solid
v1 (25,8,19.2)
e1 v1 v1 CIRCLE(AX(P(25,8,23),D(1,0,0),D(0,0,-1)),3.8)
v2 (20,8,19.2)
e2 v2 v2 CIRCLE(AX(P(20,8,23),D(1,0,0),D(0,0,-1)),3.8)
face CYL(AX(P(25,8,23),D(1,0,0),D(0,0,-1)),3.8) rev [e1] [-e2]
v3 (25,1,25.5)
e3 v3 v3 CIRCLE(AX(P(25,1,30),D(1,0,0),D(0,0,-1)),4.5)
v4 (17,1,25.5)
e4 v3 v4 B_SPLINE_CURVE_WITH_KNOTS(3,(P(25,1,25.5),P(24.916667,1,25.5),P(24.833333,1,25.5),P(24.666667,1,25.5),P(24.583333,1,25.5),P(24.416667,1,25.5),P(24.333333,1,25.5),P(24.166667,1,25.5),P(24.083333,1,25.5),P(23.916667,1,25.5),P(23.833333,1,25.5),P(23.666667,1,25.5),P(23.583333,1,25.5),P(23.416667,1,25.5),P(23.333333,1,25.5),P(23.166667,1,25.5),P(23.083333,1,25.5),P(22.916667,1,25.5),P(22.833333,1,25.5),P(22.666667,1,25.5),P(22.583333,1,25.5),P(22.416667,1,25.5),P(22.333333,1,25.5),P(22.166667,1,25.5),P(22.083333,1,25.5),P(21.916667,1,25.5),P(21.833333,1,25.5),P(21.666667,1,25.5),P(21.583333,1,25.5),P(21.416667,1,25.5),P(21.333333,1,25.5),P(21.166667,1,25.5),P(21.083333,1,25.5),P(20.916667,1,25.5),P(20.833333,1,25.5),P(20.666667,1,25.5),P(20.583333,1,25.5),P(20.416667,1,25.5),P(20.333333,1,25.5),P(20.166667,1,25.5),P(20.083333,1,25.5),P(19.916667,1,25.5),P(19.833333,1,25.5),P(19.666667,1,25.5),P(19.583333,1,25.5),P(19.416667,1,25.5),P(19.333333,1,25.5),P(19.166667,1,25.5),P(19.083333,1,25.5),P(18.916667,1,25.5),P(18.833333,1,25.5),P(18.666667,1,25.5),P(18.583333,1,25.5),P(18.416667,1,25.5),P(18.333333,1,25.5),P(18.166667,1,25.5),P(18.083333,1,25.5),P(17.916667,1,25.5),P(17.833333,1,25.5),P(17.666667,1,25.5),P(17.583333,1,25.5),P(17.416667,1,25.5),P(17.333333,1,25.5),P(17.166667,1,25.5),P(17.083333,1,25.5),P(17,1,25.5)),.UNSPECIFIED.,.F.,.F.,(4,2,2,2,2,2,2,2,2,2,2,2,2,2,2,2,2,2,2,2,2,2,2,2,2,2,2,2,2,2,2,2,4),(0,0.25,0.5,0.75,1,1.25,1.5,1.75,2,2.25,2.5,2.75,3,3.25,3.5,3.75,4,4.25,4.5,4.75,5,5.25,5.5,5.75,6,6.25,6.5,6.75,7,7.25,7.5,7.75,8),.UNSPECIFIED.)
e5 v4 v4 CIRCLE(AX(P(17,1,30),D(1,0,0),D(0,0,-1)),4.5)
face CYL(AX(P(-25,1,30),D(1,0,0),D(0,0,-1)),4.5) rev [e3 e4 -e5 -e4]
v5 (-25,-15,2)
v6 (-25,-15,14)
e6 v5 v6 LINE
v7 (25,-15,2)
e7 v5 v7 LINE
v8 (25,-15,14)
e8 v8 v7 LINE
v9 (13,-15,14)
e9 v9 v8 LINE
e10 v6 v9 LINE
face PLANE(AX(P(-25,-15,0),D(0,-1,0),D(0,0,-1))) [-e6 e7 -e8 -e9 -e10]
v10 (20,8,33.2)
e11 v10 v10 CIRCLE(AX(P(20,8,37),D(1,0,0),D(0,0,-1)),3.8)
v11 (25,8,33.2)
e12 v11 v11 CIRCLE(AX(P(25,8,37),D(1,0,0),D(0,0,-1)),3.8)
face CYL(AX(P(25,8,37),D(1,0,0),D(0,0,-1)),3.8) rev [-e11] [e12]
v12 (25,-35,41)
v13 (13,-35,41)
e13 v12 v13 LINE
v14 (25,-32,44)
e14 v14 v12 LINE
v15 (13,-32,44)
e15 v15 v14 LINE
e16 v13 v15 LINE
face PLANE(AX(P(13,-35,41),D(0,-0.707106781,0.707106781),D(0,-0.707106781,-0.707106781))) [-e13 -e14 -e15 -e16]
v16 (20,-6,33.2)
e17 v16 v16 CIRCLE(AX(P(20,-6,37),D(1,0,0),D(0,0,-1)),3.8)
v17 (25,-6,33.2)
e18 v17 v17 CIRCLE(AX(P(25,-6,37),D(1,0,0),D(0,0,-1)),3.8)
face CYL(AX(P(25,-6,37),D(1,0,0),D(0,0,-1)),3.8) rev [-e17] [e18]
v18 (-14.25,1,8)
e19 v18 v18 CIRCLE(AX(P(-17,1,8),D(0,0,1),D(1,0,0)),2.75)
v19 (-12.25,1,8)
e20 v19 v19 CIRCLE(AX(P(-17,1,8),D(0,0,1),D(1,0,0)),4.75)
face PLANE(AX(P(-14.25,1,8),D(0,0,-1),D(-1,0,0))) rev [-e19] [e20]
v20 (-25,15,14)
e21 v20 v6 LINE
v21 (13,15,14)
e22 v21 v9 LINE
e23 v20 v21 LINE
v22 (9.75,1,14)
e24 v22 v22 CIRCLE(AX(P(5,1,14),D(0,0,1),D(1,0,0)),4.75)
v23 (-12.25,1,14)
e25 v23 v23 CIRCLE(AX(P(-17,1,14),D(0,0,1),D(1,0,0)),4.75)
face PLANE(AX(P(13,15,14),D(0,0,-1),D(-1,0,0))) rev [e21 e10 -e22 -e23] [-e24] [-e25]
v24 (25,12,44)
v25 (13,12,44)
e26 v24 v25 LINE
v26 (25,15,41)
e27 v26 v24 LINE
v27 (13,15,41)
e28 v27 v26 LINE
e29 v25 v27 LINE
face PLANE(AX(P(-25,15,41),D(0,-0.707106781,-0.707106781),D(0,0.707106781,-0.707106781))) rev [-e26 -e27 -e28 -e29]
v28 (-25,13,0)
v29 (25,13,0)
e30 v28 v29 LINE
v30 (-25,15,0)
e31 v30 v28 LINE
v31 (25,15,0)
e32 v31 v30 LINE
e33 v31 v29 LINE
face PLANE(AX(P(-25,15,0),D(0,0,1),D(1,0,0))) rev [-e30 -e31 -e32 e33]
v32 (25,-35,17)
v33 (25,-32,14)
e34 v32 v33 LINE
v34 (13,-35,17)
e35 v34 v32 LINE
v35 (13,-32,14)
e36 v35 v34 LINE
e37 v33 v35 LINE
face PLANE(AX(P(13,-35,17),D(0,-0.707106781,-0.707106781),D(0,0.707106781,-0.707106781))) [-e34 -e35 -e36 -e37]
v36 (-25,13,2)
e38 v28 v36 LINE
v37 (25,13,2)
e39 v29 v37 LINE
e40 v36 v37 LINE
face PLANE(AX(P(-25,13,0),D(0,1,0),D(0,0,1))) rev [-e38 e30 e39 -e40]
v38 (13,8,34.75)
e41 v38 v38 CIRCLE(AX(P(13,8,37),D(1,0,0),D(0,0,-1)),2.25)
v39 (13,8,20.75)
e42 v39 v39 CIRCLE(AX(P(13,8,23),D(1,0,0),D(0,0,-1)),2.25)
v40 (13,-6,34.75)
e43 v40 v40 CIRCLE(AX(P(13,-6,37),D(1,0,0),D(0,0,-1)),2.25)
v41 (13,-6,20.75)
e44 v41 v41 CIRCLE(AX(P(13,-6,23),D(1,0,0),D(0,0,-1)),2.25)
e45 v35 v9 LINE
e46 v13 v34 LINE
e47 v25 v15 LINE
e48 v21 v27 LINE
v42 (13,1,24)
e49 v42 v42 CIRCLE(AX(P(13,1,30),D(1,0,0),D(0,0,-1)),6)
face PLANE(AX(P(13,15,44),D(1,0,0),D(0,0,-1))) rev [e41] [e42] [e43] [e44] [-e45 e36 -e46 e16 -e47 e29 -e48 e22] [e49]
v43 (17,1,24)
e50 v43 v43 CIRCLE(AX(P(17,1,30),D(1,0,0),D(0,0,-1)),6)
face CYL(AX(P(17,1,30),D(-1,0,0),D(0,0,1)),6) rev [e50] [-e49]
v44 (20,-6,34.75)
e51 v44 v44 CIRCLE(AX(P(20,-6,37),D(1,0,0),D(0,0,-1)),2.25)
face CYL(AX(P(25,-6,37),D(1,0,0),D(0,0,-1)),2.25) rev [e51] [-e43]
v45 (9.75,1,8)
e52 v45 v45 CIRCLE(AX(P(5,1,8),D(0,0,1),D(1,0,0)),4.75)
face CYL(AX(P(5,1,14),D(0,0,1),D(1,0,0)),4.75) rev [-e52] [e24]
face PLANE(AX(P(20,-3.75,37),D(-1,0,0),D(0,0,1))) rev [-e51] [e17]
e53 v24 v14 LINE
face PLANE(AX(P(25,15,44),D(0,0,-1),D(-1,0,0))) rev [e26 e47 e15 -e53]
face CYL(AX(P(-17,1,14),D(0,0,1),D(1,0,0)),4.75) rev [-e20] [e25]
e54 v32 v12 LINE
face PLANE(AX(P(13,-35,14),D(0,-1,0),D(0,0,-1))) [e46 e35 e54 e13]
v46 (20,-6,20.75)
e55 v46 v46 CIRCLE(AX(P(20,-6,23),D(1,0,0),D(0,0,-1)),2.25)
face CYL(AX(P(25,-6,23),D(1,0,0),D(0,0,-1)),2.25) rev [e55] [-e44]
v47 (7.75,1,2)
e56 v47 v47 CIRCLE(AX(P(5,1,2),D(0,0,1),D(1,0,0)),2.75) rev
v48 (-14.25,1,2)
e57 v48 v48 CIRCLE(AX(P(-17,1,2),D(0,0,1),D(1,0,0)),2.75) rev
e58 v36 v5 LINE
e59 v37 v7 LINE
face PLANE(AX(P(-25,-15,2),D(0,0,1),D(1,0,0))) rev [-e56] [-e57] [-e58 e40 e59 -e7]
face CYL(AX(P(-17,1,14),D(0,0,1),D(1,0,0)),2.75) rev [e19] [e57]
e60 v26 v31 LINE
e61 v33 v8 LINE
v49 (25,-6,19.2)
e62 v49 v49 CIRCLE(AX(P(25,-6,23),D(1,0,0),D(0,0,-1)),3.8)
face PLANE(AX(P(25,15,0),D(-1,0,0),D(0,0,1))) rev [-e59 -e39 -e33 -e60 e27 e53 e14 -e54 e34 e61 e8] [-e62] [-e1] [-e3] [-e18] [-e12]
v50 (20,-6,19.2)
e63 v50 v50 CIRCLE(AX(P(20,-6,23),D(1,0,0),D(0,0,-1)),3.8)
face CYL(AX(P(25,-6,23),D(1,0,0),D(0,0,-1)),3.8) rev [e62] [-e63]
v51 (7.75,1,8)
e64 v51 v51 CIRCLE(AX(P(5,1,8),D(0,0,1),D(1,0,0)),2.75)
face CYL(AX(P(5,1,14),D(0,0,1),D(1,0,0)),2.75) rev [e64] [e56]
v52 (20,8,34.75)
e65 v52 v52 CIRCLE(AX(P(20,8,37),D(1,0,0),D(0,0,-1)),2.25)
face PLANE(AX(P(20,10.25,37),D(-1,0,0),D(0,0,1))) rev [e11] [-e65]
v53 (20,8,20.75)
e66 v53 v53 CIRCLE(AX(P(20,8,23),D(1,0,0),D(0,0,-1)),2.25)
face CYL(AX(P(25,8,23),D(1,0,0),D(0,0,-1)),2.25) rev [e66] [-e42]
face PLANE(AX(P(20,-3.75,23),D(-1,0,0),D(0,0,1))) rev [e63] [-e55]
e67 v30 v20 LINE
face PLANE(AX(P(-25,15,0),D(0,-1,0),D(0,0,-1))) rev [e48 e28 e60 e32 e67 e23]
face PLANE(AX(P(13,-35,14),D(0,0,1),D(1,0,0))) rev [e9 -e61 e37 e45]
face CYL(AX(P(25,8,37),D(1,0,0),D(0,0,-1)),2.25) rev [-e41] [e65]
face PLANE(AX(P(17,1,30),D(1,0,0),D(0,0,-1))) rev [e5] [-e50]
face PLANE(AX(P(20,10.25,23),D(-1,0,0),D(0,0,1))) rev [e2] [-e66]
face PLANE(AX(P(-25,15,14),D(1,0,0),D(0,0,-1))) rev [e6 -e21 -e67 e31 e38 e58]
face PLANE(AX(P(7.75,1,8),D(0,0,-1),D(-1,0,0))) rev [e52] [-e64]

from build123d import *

# Parameters (mm, degrees)
EXTRUDE_1_DEPTH           = 15
SKETCH_2_R                = 6
CUT_EXTRUDE_1_DEPTH       = 4
SKETCH_3_R                = 4.5
CUT_EXTRUDE_2_DEPTH       = 69.271516755
HOLE_WIZARD_1_D           = 4.5
HOLE_WIZARD_1_DEPTH       = 100
HOLE_WIZARD_1_CBORE_D     = 7.6
HOLE_WIZARD_1_CBORE_DEPTH = 5
HOLE_WIZARD_2_D           = 5.5
HOLE_WIZARD_2_DEPTH       = 100
HOLE_WIZARD_2_CBORE_D     = 9.5
HOLE_WIZARD_2_CBORE_DEPTH = 6
SKETCH_8_W                = 12
SKETCH_8_H                = 30
EXTRUDE_2_DEPTH           = 20
CHAMFER_1_SIZE            = 3
SKETCH_10_W               = 2
SKETCH_10_H               = 28
CUT_EXTRUDE_4_DEPTH       = 76.239617224


with BuildPart() as part:
    # 草图1 → 凸台-拉伸1 (new, symmetric)
    with BuildSketch(Plane(origin=(0, 0, 0), x_dir=(1, 0, 0), z_dir=(0, 1, 0))):
        Polygon((-25, 0), (25, 0), (25, -44), (13, -44), (13, -14), (-25, -14), align=None)
    extrude(amount=EXTRUDE_1_DEPTH, both=True)

    # 草图2 → 切除-拉伸1 (cut)
    with BuildSketch(Plane(origin=(13, 0, 0), x_dir=(0, 0, -1), z_dir=(1, 0, 0))):
        with Locations((-30, 1)):
            Circle(SKETCH_2_R)
    extrude(amount=CUT_EXTRUDE_1_DEPTH, mode=Mode.SUBTRACT)

    # 草图3 → 切除-拉伸2 (cut, through all)
    with BuildSketch(Plane(origin=(25, 0, 0), x_dir=(0, 0, -1), z_dir=(1, 0, 0))):
        with Locations((-30, 1)):
            Circle(SKETCH_3_R)
    extrude(amount=-CUT_EXTRUDE_2_DEPTH, mode=Mode.SUBTRACT)

    # 孔1
    with Locations(Plane(origin=(25, 11.754948617, 2.830371217), x_dir=(0, 0, -1), z_dir=(1, 0, 0))):
        with Locations((-20.169628783, -3.754948617), (-34.169628783, -3.754948617), (-20.169628783, -17.754948617), (-34.169628783, -17.754948617)):
            CounterBoreHole(HOLE_WIZARD_1_D / 2, HOLE_WIZARD_1_CBORE_D / 2, HOLE_WIZARD_1_CBORE_DEPTH, depth=HOLE_WIZARD_1_DEPTH)

    # 孔2
    with Locations(Plane(origin=(-5.053295234, -5.294643146, 14), x_dir=(1, 0, 0), z_dir=(0, 0, 1))):
        with Locations((10.053295234, 6.294643146), (-11.946704766, 6.294643146)):
            CounterBoreHole(HOLE_WIZARD_2_D / 2, HOLE_WIZARD_2_CBORE_D / 2, HOLE_WIZARD_2_CBORE_DEPTH, depth=HOLE_WIZARD_2_DEPTH)

    # 草图8 → 凸台-拉伸2 (add)
    with BuildSketch(Plane.XZ.offset(15)):
        with Locations((19, 29)):
            Rectangle(SKETCH_8_W, SKETCH_8_H)
    extrude(amount=EXTRUDE_2_DEPTH)

    # 倒角1
    chamfer_1_edges = [part.edges().sort_by_distance(p)[0] for p in [
        (19, 15, 44),
        (19, -35, 44),
        (19, -35, 14),
    ]]
    chamfer(chamfer_1_edges, length=CHAMFER_1_SIZE)

    # 草图10 → 切除-拉伸4 (cut, through all)
    with BuildSketch(Plane(origin=(25, 0, 0), x_dir=(0, 0, -1), z_dir=(1, 0, 0))):
        with Locations((-1, -1)):
            Rectangle(SKETCH_10_W, SKETCH_10_H)
    extrude(amount=-CUT_EXTRUDE_4_DEPTH, mode=Mode.SUBTRACT)


solid = part.part
